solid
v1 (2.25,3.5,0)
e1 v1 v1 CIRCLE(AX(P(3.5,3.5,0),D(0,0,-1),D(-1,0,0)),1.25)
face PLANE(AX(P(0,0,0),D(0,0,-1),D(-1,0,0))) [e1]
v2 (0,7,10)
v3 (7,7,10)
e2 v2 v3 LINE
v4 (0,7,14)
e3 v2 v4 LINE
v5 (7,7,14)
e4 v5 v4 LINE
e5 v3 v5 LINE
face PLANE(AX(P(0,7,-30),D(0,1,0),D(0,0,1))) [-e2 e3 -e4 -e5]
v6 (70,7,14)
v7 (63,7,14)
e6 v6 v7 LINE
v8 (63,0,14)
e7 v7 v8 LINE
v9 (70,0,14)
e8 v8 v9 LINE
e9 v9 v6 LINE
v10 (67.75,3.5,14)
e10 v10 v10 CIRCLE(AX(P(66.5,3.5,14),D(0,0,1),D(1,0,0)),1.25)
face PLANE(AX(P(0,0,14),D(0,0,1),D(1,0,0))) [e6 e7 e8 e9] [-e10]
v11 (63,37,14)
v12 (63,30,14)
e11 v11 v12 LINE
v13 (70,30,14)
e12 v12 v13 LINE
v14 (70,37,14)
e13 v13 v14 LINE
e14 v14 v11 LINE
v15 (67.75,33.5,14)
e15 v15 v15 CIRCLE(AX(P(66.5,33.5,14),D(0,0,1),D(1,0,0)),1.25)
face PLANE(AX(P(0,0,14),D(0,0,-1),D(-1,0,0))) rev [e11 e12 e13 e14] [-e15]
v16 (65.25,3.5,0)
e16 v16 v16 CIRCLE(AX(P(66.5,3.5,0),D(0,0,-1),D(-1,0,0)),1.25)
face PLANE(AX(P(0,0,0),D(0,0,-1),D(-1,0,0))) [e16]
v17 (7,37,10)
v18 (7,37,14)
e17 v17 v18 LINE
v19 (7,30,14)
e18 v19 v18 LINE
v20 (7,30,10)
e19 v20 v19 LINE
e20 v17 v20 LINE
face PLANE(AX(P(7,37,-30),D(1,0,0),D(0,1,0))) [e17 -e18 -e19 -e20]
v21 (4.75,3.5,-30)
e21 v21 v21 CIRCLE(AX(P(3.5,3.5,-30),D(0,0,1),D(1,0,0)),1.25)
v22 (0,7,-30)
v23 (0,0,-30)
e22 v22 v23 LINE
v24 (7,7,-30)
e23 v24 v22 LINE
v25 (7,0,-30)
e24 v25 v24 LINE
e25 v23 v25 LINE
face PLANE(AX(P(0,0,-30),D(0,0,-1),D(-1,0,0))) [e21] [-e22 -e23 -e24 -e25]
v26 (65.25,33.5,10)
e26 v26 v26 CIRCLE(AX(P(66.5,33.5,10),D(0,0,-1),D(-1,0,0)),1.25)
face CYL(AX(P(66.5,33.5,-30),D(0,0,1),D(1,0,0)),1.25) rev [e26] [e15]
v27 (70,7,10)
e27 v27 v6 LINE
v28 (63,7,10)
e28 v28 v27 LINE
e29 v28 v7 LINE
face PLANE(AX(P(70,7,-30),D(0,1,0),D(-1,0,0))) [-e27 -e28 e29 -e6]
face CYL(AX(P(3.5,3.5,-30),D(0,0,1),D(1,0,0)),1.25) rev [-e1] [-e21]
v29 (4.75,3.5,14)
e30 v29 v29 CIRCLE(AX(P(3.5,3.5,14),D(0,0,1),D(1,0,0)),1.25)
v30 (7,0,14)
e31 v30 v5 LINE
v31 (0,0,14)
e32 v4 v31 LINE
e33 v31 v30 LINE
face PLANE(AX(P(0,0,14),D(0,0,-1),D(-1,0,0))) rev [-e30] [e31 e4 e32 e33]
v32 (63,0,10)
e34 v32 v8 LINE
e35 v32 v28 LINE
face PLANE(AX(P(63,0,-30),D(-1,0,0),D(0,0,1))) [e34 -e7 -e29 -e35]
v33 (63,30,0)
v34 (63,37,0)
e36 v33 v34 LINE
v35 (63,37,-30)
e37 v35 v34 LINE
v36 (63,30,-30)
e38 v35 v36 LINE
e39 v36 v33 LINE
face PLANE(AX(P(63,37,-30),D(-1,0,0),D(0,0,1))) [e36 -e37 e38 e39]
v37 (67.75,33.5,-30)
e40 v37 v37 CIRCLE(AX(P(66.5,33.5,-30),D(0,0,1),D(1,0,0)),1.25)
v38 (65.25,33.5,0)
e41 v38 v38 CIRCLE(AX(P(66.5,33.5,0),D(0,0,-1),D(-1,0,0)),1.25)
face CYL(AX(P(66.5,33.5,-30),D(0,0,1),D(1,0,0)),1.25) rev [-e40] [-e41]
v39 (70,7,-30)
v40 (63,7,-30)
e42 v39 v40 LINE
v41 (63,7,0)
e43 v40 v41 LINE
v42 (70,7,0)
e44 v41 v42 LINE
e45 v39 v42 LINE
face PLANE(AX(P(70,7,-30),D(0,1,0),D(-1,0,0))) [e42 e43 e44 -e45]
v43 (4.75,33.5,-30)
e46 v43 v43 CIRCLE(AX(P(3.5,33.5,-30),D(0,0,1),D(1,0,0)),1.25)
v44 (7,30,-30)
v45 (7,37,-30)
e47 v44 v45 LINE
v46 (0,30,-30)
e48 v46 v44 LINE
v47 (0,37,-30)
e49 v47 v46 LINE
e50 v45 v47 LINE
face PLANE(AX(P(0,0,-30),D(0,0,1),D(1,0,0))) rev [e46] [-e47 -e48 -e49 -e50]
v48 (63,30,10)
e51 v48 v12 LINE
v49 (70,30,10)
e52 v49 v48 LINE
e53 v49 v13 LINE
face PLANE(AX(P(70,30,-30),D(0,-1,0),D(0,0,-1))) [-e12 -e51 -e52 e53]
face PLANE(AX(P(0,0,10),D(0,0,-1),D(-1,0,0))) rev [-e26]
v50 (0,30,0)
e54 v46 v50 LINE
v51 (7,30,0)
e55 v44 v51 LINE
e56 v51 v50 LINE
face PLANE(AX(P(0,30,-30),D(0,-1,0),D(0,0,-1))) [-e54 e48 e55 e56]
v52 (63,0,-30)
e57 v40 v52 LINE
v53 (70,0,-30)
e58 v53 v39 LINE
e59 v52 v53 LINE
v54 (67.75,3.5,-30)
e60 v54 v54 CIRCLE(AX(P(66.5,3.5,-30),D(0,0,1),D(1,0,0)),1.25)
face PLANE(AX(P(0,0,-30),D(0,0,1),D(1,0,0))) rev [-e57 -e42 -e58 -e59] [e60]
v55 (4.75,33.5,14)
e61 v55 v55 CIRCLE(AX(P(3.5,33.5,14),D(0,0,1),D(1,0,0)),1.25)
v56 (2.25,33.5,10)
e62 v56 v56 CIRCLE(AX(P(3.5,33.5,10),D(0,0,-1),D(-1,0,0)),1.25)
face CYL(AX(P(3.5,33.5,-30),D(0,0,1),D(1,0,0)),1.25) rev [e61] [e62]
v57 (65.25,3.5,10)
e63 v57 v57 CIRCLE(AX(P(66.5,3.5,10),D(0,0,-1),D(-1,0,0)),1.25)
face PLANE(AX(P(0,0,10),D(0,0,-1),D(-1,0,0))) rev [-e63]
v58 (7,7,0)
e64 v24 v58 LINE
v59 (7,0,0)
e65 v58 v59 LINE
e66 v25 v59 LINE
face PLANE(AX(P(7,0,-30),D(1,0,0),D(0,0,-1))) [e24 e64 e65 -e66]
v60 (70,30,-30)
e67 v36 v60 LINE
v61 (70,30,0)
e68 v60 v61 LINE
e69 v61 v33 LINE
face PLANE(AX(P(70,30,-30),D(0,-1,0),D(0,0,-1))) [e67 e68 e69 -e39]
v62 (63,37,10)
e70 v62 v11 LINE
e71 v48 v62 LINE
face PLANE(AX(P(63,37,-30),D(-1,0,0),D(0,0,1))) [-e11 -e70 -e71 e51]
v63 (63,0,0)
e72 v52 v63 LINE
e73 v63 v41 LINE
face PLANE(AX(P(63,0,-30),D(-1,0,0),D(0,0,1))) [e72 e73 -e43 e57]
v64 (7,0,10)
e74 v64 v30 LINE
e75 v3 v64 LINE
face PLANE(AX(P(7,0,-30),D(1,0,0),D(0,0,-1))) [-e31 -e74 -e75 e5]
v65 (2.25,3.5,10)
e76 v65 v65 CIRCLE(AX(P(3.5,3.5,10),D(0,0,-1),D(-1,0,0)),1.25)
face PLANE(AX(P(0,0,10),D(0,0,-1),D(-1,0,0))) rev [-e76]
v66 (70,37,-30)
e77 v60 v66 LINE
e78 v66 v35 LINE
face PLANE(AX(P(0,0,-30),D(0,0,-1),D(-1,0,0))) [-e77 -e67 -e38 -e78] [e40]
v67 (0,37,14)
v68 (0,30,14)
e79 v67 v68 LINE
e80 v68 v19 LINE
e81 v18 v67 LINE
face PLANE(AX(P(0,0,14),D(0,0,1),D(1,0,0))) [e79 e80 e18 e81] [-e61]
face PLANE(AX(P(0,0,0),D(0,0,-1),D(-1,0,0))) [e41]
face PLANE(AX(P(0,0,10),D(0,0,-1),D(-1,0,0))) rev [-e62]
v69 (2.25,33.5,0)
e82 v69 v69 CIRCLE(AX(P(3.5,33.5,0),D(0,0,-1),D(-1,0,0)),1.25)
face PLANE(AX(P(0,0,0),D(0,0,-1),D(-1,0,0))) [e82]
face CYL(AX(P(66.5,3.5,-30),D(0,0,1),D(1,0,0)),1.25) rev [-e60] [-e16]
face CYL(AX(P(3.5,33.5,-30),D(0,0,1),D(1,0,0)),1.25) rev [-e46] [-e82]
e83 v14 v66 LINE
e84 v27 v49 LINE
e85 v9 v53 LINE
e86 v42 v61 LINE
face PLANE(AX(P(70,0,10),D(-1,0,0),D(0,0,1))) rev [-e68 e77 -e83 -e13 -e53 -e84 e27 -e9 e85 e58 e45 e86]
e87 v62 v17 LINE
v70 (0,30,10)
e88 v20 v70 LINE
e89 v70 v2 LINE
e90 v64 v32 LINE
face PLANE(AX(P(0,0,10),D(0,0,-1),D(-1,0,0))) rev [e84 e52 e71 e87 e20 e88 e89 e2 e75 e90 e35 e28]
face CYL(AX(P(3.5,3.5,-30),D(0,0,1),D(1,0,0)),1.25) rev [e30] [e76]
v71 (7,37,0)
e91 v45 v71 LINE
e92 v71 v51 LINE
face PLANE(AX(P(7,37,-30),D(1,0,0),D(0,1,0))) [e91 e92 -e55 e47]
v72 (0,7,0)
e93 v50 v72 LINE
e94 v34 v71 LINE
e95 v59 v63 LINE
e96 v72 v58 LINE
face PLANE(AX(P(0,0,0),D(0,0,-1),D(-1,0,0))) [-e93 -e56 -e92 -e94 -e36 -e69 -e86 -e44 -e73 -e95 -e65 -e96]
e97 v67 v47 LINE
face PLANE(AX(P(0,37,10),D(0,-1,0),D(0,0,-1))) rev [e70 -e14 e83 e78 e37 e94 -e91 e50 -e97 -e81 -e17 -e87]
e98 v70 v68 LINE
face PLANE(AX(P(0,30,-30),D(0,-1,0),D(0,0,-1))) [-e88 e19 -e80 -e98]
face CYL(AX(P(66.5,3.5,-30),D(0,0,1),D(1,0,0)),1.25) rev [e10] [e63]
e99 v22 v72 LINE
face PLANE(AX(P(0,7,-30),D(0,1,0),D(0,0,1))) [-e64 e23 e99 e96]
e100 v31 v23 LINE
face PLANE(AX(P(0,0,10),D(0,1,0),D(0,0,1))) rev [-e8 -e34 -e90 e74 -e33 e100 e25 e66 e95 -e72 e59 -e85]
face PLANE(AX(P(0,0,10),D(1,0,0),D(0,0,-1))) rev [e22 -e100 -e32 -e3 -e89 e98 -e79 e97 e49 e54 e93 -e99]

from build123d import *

# Parameters (mm, degrees)
SKETCH1_W                = 70
SKETCH1_H                = 37
BOSS_EXTRUDE1_DEPTH      = 10
BOSS_EXTRUDE4_DEPTH      = 14
BOSS_EXTRUDE4_DEPTH_BACK = 30
SKETCH2_W                = 7
SKETCH2_H                = 7
SKETCH2_R                = 1.25


with BuildPart() as part:
    # Sketch1 → Boss-Extrude1 (new body)
    with BuildSketch(Plane.XY):
        with Locations((35, 18.5)):
            Rectangle(SKETCH1_W, SKETCH1_H)
    extrude(amount=BOSS_EXTRUDE1_DEPTH)

    # Sketch2 → Boss-Extrude4 (add, two sides: drawn at the far end of the back side and taken through both)
    # profile 1 of 4: a face of its own
    with BuildSketch(Plane.XY.offset(-BOSS_EXTRUDE4_DEPTH_BACK)):
        with Locations((3.5, 33.5)):
            Rectangle(SKETCH2_W, SKETCH2_H)
        with Locations((3.5, 33.5)):
            Circle(SKETCH2_R, mode=Mode.SUBTRACT)
    # profile 2 of 4: a face of its own
    with BuildSketch(Plane.XY.offset(-BOSS_EXTRUDE4_DEPTH_BACK)):
        with Locations((66.5, 33.5)):
            Rectangle(SKETCH2_W, SKETCH2_H)
        with Locations((66.5, 33.5)):
            Circle(SKETCH2_R, mode=Mode.SUBTRACT)
    # profile 3 of 4: a face of its own
    with BuildSketch(Plane.XY.offset(-BOSS_EXTRUDE4_DEPTH_BACK)):
        with Locations((66.5, 3.5)):
            Rectangle(SKETCH2_W, SKETCH2_H)
        with Locations((66.5, 3.5)):
            Circle(SKETCH2_R, mode=Mode.SUBTRACT)
    # profile 4 of 4: a face of its own
    with BuildSketch(Plane.XY.offset(-BOSS_EXTRUDE4_DEPTH_BACK)):
        with Locations((3.5, 3.5)):
            Rectangle(SKETCH2_W, SKETCH2_H)
        with Locations((3.5, 3.5)):
            Circle(SKETCH2_R, mode=Mode.SUBTRACT)
    extrude(amount=BOSS_EXTRUDE4_DEPTH + BOSS_EXTRUDE4_DEPTH_BACK)


solid = part.part
